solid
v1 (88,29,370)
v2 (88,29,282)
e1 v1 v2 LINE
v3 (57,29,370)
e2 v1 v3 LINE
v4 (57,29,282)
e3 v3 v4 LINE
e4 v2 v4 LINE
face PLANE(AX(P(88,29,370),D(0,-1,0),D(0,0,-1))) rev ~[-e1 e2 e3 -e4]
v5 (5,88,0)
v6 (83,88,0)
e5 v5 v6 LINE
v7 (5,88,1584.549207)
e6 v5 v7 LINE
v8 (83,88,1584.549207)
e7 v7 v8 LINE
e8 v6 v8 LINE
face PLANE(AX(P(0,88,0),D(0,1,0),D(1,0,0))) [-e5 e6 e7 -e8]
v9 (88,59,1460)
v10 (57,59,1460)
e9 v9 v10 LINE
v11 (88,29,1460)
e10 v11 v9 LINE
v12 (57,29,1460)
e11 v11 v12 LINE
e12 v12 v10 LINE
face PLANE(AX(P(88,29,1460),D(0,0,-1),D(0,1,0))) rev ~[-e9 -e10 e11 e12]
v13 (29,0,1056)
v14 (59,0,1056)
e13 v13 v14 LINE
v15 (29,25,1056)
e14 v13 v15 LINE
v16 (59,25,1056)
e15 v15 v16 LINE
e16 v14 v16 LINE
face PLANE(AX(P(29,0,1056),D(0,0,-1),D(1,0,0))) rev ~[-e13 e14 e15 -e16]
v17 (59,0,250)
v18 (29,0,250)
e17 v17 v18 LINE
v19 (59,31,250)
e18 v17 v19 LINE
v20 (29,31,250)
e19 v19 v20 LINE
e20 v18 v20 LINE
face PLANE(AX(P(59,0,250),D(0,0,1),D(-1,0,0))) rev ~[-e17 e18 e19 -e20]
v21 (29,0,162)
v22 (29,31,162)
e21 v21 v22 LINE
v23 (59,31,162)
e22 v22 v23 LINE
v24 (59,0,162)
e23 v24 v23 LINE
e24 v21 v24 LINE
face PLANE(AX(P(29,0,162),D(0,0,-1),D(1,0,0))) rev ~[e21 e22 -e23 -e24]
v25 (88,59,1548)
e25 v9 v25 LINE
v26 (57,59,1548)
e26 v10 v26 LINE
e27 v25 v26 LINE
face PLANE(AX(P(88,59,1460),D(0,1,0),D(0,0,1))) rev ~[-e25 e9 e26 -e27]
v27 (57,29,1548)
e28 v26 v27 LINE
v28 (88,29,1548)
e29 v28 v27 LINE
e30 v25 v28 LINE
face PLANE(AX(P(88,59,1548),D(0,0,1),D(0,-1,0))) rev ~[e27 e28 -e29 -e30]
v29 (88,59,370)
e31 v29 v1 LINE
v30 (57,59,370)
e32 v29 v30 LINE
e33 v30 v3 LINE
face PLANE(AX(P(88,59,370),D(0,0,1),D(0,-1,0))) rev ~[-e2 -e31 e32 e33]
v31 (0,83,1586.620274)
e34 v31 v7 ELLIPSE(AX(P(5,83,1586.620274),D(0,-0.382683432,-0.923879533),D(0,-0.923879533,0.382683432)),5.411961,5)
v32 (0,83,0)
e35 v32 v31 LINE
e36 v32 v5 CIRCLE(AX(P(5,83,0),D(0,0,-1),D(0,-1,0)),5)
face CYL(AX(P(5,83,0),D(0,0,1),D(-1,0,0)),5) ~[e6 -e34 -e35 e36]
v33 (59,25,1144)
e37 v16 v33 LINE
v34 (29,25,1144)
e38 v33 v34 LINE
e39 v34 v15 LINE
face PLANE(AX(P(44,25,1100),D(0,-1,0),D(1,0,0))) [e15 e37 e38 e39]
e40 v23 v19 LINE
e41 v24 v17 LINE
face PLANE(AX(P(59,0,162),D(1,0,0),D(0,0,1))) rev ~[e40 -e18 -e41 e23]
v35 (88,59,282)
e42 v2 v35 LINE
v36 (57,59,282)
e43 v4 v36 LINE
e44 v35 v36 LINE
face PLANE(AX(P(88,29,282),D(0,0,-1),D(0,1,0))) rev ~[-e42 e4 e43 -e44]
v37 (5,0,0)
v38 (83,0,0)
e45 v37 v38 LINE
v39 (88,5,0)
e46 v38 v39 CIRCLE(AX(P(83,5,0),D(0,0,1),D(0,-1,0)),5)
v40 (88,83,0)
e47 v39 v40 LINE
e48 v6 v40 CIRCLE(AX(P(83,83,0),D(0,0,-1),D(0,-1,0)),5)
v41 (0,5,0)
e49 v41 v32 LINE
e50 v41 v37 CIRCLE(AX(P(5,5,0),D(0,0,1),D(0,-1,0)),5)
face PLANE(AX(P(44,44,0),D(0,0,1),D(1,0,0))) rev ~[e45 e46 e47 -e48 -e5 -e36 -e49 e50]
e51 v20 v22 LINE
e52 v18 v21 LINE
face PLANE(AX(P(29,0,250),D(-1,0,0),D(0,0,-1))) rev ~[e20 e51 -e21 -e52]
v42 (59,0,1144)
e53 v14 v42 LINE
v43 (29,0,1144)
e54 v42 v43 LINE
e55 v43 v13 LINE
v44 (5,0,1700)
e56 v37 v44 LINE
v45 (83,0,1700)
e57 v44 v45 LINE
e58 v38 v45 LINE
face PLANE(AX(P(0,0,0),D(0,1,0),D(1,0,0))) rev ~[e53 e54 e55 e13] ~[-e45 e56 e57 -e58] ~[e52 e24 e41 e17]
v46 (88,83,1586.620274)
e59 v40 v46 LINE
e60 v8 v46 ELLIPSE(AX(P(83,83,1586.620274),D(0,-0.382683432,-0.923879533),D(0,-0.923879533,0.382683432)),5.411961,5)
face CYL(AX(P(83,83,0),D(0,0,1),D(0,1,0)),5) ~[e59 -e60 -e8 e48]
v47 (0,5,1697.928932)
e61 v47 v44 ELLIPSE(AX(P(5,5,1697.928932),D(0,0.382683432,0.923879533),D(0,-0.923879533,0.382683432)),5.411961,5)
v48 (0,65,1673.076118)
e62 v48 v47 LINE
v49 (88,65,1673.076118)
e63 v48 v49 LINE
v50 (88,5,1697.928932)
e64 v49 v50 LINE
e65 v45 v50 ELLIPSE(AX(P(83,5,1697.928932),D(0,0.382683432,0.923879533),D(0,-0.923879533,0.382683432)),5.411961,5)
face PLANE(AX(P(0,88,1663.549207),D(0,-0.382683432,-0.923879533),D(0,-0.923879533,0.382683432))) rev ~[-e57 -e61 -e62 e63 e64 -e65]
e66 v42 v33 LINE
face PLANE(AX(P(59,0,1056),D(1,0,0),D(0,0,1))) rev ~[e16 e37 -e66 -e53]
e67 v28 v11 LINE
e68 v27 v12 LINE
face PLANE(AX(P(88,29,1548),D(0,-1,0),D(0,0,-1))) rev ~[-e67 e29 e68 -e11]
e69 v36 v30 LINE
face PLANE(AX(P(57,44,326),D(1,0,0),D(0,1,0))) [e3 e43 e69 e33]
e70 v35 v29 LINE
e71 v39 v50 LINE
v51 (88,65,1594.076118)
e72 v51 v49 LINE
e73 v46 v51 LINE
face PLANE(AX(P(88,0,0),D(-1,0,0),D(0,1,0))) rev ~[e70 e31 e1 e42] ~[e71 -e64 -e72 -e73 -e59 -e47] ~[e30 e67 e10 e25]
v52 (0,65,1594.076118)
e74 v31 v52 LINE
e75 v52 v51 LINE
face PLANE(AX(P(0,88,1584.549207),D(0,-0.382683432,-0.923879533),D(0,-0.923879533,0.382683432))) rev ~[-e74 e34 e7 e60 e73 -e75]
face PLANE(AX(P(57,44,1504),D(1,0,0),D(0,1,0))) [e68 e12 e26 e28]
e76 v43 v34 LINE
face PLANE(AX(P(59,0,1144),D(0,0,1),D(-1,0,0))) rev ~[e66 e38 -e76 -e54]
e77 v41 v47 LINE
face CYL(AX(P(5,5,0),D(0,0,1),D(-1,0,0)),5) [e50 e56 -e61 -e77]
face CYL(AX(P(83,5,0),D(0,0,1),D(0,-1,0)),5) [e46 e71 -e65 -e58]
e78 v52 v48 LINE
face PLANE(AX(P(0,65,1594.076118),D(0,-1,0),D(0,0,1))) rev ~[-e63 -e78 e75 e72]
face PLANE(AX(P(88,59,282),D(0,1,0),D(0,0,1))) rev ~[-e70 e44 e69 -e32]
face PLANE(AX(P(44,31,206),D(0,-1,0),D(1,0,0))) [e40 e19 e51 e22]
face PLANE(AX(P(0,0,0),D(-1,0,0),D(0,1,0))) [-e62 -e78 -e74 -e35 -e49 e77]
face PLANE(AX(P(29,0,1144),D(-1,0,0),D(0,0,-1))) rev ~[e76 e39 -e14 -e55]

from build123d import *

# Parameters (mm, degrees)
F0_W      = 88
F0_H      = 88
F1_DEPTH  = 1700
F3_DEPTH  = 88.001
F5_DEPTH  = 88.001
F7_DEPTH  = 31
F9_DEPTH  = 31
F11_DEPTH = 31
F13_DEPTH = 25.0000003725
F14_R     = 5


with BuildPart() as f1:
    # F0 (on Top) → F1 (new body)
    with BuildSketch(Plane.XY):
        with Locations((44, 44)):
            Rectangle(F0_W, F0_H)
    extrude(amount=F1_DEPTH)

    # F2 (on face) → F3 (cut, through all)
    with BuildSketch(Plane(origin=(0, 0, 0), x_dir=(0, -1, 0), z_dir=(-1, 0, 0))):
        Polygon((-88, 1663.5492065112), (0, 1700), (-88, 1700), align=None)
    extrude(amount=-F3_DEPTH, mode=Mode.SUBTRACT)

    # F4 (on face) → F5 (cut, through all)
    with BuildSketch(Plane(origin=(0, 0, 0), x_dir=(0, -1, 0), z_dir=(-1, 0, 0))):
        Polygon((-65, 1594.0761184457), (-65, 1673.0761184457), (-88, 1663.5492065112), (-88, 1584.5492065112), align=None)
    extrude(amount=-F5_DEPTH, mode=Mode.SUBTRACT)

    # F6 (on face) → F7 (cut)
    with BuildSketch(Plane.YZ.offset(88)):
        Polygon((29, 282), (44, 282), (59, 282), (59, 370), (29, 370), align=None)
    extrude(amount=-F7_DEPTH, mode=Mode.SUBTRACT)

    # F8 (on face) → F9 (cut)
    with BuildSketch(Plane.YZ.offset(88)):
        Polygon((29, 1460), (44, 1460), (59, 1460), (59, 1548), (29, 1548), align=None)
    extrude(amount=-F9_DEPTH, mode=Mode.SUBTRACT)

    # F10 (on face) → F11 (cut)
    with BuildSketch(Plane.XZ):
        Polygon((29, 162), (44, 162), (59, 162), (59, 250), (29, 250), align=None)
    extrude(amount=-F11_DEPTH, mode=Mode.SUBTRACT)

    # F12 (on face) → F13 (cut)
    with BuildSketch(Plane.XZ):
        Polygon((29, 1056), (44, 1056), (59, 1056), (59, 1144), (29, 1144), align=None)
    extrude(amount=-F13_DEPTH, mode=Mode.SUBTRACT)

    # F14
    f14_edges = [f1.edges().sort_by_distance(p)[0] for p in [
        (88, 0, 850),
        (0, 0, 850),
        (88, 88, 792.274603),
        (0, 88, 792.274603),
    ]]
    fillet(f14_edges, radius=F14_R)


solid = f1.part
